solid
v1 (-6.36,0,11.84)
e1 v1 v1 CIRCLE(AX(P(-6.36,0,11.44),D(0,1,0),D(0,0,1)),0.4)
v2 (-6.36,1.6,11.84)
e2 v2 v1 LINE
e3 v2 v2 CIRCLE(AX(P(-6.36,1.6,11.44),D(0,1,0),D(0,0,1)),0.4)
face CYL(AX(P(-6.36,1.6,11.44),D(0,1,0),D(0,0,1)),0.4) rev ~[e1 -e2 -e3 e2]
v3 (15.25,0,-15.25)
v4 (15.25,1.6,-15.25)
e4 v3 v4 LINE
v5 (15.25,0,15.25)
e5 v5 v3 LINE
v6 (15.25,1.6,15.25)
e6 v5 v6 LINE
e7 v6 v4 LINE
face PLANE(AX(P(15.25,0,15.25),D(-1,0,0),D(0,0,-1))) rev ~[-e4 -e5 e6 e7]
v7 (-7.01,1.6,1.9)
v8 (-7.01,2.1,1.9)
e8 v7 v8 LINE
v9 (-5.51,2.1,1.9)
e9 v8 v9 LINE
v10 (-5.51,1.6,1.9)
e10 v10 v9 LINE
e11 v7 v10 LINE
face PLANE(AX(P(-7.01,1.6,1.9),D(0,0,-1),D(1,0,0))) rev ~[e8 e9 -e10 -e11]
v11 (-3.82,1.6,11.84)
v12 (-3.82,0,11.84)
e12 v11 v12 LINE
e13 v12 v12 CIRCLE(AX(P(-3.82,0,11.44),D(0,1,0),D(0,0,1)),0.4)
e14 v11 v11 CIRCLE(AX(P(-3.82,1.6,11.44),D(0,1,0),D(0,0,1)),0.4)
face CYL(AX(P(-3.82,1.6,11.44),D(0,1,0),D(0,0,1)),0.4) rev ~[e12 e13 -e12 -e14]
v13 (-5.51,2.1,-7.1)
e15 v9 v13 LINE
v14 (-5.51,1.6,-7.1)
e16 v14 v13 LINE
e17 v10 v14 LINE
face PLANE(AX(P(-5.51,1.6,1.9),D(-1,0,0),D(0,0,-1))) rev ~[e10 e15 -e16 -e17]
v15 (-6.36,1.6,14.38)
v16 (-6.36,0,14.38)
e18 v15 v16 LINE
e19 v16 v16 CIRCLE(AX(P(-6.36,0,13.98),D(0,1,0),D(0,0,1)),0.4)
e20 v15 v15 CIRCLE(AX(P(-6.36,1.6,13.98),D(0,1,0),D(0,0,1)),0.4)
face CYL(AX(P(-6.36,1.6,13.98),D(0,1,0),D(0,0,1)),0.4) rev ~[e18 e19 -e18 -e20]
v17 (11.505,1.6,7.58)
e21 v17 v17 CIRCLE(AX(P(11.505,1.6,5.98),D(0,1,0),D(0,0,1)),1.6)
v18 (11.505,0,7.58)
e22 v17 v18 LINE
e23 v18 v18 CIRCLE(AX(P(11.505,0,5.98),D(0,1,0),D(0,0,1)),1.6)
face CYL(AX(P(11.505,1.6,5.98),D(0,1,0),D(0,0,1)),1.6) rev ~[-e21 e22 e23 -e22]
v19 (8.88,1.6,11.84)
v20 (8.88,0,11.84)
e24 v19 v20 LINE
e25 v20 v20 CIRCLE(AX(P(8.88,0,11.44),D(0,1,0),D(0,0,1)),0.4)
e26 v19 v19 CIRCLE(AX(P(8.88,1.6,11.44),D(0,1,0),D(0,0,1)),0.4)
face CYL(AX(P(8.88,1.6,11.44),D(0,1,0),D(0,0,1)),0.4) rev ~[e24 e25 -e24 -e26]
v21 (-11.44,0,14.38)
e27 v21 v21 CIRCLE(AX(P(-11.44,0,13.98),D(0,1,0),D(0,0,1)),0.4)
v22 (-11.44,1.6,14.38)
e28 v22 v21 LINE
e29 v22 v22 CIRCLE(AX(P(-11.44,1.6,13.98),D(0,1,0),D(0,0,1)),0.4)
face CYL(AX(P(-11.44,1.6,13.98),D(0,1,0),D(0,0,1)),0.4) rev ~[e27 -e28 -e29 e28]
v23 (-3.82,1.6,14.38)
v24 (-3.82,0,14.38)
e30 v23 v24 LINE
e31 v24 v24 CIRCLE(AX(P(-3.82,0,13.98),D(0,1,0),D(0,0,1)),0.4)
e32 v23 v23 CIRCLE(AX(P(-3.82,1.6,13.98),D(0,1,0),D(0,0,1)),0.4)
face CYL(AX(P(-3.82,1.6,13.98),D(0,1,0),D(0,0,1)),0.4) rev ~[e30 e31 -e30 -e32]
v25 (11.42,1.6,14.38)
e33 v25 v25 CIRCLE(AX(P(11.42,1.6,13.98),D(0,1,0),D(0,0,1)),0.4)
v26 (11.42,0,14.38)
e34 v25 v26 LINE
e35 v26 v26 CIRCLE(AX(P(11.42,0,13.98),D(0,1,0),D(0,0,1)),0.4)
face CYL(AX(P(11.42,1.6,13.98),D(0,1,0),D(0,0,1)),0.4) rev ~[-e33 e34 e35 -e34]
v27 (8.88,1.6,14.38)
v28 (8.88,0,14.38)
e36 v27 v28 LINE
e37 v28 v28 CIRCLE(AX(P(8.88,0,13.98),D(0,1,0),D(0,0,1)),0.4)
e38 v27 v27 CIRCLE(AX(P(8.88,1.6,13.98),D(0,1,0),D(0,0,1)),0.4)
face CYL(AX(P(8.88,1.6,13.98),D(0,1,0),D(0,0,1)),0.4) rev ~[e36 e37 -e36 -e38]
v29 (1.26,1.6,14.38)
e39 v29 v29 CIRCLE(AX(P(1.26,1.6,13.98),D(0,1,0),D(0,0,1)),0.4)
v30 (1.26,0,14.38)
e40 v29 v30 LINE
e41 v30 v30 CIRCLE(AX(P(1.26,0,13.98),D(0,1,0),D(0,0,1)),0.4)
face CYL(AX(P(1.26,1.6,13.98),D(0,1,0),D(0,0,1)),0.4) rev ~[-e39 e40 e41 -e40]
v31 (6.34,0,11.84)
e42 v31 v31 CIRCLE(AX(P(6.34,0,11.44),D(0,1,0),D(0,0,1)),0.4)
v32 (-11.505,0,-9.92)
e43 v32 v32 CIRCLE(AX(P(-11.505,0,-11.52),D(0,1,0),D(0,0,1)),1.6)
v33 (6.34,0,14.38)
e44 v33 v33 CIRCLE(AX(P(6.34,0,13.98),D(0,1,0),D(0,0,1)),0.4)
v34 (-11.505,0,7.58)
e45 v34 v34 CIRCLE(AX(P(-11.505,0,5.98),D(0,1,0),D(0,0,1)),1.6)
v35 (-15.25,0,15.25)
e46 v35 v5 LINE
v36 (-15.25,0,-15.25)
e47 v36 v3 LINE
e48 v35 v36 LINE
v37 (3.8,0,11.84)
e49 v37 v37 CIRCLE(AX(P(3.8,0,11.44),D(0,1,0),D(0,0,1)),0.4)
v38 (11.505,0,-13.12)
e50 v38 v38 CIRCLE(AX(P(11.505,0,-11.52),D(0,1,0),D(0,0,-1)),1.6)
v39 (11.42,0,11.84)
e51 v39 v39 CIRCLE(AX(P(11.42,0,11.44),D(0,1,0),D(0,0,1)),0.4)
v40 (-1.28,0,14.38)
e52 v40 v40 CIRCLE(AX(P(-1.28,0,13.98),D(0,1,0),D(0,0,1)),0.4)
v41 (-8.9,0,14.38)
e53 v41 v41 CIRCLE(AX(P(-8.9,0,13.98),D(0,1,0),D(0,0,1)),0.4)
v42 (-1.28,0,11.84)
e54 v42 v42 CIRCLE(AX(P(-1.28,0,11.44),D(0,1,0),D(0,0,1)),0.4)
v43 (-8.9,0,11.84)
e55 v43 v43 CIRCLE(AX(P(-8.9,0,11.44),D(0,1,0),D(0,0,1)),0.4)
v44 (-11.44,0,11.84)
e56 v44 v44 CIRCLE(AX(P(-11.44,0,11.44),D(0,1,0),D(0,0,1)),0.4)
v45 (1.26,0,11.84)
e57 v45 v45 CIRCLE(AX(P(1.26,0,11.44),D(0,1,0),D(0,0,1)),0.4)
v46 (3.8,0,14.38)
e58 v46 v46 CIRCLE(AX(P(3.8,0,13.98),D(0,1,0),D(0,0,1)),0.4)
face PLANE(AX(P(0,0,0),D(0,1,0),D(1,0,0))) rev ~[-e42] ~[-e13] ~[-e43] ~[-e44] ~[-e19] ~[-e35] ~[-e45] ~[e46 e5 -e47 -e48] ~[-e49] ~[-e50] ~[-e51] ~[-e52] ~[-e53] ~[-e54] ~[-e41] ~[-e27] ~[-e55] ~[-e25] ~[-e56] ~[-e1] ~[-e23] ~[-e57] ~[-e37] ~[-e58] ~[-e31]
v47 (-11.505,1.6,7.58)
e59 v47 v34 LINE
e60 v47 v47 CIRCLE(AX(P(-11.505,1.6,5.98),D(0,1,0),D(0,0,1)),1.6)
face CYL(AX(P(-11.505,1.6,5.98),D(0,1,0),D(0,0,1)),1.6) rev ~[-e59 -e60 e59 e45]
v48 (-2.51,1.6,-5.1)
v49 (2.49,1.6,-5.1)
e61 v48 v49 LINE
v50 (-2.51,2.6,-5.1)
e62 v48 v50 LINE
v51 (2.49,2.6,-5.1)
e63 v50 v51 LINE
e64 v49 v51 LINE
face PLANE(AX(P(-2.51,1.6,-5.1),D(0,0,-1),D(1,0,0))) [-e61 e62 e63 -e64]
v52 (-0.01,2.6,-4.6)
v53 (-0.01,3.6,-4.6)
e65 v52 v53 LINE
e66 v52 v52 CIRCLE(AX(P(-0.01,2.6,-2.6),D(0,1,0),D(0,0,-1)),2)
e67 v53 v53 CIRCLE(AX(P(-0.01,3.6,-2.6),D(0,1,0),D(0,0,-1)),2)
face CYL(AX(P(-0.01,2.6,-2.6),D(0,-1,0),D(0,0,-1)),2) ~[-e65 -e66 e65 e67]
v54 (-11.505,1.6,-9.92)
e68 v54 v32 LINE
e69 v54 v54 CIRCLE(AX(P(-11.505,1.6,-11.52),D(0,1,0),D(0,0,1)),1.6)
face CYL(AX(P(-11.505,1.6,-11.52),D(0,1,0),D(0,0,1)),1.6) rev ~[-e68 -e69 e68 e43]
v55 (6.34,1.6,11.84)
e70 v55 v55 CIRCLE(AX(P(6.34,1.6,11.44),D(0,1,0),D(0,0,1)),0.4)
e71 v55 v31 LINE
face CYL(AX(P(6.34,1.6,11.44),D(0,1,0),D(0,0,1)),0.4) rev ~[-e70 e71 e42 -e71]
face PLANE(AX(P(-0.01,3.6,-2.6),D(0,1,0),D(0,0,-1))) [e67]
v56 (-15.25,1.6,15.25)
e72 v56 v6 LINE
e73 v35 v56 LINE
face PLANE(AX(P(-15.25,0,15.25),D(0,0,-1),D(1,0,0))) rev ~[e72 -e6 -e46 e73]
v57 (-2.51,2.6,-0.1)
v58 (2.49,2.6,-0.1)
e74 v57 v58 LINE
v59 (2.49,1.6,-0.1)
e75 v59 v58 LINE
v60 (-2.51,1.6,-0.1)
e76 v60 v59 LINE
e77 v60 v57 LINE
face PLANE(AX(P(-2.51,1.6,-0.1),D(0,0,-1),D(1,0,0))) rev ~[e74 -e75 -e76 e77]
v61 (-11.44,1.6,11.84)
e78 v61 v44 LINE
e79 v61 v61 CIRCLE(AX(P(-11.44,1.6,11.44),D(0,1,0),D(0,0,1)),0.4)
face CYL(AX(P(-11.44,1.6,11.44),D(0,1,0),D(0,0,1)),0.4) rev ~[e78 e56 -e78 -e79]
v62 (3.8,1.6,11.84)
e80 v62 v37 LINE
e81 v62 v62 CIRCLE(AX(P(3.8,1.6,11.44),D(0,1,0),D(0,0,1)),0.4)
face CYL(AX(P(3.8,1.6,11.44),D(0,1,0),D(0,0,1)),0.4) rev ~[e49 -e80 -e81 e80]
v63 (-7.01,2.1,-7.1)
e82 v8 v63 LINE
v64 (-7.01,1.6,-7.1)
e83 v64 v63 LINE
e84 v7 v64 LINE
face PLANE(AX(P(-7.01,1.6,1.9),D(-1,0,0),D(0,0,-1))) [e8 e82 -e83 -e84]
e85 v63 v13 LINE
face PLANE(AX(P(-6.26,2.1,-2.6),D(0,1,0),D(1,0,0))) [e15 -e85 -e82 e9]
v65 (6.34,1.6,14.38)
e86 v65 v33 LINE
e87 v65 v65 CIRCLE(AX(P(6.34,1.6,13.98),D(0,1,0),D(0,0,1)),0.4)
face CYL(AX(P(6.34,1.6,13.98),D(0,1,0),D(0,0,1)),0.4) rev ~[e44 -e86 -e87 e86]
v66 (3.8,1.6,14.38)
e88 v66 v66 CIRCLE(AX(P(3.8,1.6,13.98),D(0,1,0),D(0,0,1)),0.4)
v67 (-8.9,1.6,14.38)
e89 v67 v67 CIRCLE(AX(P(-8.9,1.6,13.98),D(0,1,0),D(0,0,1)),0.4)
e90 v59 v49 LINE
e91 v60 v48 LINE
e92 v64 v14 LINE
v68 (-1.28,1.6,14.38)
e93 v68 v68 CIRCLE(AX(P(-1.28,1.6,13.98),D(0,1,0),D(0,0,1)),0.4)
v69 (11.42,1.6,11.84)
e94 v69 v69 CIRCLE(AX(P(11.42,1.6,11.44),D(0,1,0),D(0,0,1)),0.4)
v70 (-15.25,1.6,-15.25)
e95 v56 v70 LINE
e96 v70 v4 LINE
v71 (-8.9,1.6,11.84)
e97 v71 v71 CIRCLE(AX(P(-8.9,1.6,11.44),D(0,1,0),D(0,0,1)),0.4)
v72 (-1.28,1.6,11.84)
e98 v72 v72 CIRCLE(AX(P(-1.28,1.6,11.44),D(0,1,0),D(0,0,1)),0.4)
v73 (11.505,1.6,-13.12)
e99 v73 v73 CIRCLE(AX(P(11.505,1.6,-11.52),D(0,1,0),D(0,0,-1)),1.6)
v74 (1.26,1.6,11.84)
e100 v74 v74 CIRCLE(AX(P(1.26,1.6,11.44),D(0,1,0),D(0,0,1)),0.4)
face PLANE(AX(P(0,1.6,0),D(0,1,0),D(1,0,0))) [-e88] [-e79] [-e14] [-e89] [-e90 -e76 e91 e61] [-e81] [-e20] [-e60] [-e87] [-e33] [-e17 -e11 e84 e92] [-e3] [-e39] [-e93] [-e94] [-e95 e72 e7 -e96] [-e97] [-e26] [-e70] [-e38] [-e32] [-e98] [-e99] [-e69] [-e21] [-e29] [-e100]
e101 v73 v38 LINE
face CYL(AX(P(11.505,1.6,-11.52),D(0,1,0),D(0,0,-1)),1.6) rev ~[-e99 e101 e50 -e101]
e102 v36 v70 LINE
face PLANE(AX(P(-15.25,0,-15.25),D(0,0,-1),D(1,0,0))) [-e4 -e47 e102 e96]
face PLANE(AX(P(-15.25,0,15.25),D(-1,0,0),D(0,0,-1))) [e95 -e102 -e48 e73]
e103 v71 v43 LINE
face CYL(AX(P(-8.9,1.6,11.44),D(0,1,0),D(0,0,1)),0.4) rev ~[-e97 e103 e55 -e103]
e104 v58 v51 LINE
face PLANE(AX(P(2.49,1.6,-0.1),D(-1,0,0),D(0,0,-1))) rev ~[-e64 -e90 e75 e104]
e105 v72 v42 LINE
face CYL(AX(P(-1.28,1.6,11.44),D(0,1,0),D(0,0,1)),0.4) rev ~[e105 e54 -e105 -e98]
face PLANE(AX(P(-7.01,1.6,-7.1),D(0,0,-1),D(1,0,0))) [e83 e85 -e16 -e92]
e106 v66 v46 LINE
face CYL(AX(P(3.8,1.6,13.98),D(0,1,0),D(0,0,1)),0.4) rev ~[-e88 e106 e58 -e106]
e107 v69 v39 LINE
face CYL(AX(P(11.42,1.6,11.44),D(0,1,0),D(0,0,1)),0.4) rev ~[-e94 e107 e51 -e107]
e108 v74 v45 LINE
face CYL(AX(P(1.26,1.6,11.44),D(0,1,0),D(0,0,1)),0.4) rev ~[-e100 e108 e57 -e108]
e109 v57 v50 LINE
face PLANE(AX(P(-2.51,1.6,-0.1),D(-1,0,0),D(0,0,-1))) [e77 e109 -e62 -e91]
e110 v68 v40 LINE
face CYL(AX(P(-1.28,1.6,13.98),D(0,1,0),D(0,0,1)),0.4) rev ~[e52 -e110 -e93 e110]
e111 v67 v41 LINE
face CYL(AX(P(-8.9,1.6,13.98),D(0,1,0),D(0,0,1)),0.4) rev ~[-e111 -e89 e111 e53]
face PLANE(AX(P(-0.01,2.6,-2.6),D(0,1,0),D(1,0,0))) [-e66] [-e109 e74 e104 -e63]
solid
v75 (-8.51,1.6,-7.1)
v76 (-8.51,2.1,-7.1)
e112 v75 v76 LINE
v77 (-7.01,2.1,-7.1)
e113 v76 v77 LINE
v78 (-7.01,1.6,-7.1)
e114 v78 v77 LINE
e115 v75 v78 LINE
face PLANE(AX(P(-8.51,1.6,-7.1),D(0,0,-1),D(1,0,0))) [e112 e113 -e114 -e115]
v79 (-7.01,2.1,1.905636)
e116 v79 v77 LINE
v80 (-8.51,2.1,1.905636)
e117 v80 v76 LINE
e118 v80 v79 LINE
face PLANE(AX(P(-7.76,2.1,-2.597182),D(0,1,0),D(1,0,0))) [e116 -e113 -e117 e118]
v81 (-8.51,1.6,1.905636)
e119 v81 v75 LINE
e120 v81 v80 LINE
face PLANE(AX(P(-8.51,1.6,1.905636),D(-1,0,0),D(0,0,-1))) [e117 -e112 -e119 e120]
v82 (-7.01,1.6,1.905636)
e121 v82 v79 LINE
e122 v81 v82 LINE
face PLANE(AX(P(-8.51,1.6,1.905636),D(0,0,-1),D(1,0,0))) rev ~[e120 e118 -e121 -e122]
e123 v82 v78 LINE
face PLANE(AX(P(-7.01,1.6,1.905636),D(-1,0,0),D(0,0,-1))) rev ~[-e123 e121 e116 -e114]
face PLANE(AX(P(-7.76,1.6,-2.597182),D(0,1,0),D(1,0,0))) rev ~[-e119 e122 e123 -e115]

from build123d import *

# Parameters (mm, degrees)
CROQUIS1_W              = 30.5
CROQUIS1_H              = 30.5
SALIENTE_EXTRUIR1_DEPTH = 1.6
CROQUIS2_R              = 1.6
CORTAR_EXTRUIR3_DEPTH   = 22.626025987
CROQUIS3_R              = 0.4
CORTAR_EXTRUIR4_DEPTH   = 22.626025987
CROQUIS4_W              = 5
CROQUIS4_H              = 5
SALIENTE_EXTRUIR2_DEPTH = 1
CROQUIS5_R              = 2
SALIENTE_EXTRUIR3_DEPTH = 1
CROQUIS6_W              = 1.5
CROQUIS6_H              = 9
SALIENTE_EXTRUIR4_DEPTH = 0.5
CROQUIS7_W              = 1.5
CROQUIS7_H              = 9.005636498
SALIENTE_EXTRUIR6_DEPTH = 0.5


with BuildPart() as part:
    # Croquis1 → Saliente-Extruir1 (new body)
    with BuildSketch(Plane(origin=(0, 0, 0), x_dir=(1, 0, 0), z_dir=(0, 1, 0))):
        Rectangle(CROQUIS1_W, CROQUIS1_H)
    extrude(amount=SALIENTE_EXTRUIR1_DEPTH)

    # Croquis2 → Cortar-Extruir3 (cut, through all)
    with BuildSketch(Plane(origin=(0, 1.6, 0), x_dir=(1, 0, 0), z_dir=(0, 1, 0))):
        with Locations(Location((-11.505, 11.52, 0), (0, 0, 270))):
            Circle(CROQUIS2_R)
        with Locations(Location((11.505, 11.52, 0), (0, 0, 90))):
            Circle(CROQUIS2_R)
        with Locations(Location((11.505, -5.98, 0), (0, 0, 270))):
            Circle(CROQUIS2_R)
        with Locations(Location((-11.505, -5.98, 0), (0, 0, 270))):
            Circle(CROQUIS2_R)
    extrude(amount=-CORTAR_EXTRUIR3_DEPTH, mode=Mode.SUBTRACT)

    # Croquis3 → Cortar-Extruir4 (cut, through all)
    with BuildSketch(Plane(origin=(0, 1.6, 0), x_dir=(1, 0, 0), z_dir=(0, 1, 0))):
        with Locations(Location((-11.44, -13.98, 0), (0, 0, 270))):
            Circle(CROQUIS3_R)
        with Locations(Location((-8.9, -13.98, 0), (0, 0, 270))):
            Circle(CROQUIS3_R)
        with Locations(Location((-6.36, -13.98, 0), (0, 0, 270))):
            Circle(CROQUIS3_R)
        with Locations(Location((-3.82, -13.98, 0), (0, 0, 270))):
            Circle(CROQUIS3_R)
        with Locations(Location((-1.28, -13.98, 0), (0, 0, 270))):
            Circle(CROQUIS3_R)
        with Locations(Location((1.26, -13.98, 0), (0, 0, 270))):
            Circle(CROQUIS3_R)
        with Locations(Location((3.8, -13.98, 0), (0, 0, 270))):
            Circle(CROQUIS3_R)
        with Locations(Location((6.34, -13.98, 0), (0, 0, 270))):
            Circle(CROQUIS3_R)
        with Locations(Location((8.88, -13.98, 0), (0, 0, 270))):
            Circle(CROQUIS3_R)
        with Locations(Location((11.42, -13.98, 0), (0, 0, 270))):
            Circle(CROQUIS3_R)
        with Locations(Location((-11.44, -11.44, 0), (0, 0, 270))):
            Circle(CROQUIS3_R)
        with Locations(Location((-8.9, -11.44, 0), (0, 0, 270))):
            Circle(CROQUIS3_R)
        with Locations(Location((-6.36, -11.44, 0), (0, 0, 270))):
            Circle(CROQUIS3_R)
        with Locations(Location((-3.82, -11.44, 0), (0, 0, 270))):
            Circle(CROQUIS3_R)
        with Locations(Location((-1.28, -11.44, 0), (0, 0, 270))):
            Circle(CROQUIS3_R)
        with Locations(Location((1.26, -11.44, 0), (0, 0, 270))):
            Circle(CROQUIS3_R)
        with Locations(Location((3.8, -11.44, 0), (0, 0, 270))):
            Circle(CROQUIS3_R)
        with Locations(Location((6.34, -11.44, 0), (0, 0, 270))):
            Circle(CROQUIS3_R)
        with Locations(Location((8.88, -11.44, 0), (0, 0, 270))):
            Circle(CROQUIS3_R)
        with Locations(Location((11.42, -11.44, 0), (0, 0, 270))):
            Circle(CROQUIS3_R)
    extrude(amount=-CORTAR_EXTRUIR4_DEPTH, mode=Mode.SUBTRACT)

    # Croquis4 → Saliente-Extruir2 (add)
    with BuildSketch(Plane(origin=(0, 1.6, 0), x_dir=(1, 0, 0), z_dir=(0, 1, 0))):
        with Locations((-0.01, 2.6)):
            Rectangle(CROQUIS4_W, CROQUIS4_H)
    extrude(amount=SALIENTE_EXTRUIR2_DEPTH)

    # Croquis5 → Saliente-Extruir3 (add)
    with BuildSketch(Plane(origin=(0, 2.6, 0), x_dir=(1, 0, 0), z_dir=(0, 1, 0))):
        with Locations(Location((-0.01, 2.6, 0), (0, 0, 90))):
            Circle(CROQUIS5_R)
    extrude(amount=SALIENTE_EXTRUIR3_DEPTH)

    # Croquis6 → Saliente-Extruir4 (add)
    with BuildSketch(Plane(origin=(0, 1.6, 0), x_dir=(1, 0, 0), z_dir=(0, 1, 0))):
        with Locations((-6.26, 2.6)):
            Rectangle(CROQUIS6_W, CROQUIS6_H)
    extrude(amount=SALIENTE_EXTRUIR4_DEPTH)


with BuildPart() as body_2:
    # Croquis7 → Saliente-Extruir6 (new body)
    with BuildSketch(Plane(origin=(0, 1.6, 0), x_dir=(1, 0, 0), z_dir=(0, 1, 0))):
        with Locations((-7.76, 2.597181751)):
            Rectangle(CROQUIS7_W, CROQUIS7_H)
    extrude(amount=SALIENTE_EXTRUIR6_DEPTH)


solid = Compound([part.part, body_2.part])
